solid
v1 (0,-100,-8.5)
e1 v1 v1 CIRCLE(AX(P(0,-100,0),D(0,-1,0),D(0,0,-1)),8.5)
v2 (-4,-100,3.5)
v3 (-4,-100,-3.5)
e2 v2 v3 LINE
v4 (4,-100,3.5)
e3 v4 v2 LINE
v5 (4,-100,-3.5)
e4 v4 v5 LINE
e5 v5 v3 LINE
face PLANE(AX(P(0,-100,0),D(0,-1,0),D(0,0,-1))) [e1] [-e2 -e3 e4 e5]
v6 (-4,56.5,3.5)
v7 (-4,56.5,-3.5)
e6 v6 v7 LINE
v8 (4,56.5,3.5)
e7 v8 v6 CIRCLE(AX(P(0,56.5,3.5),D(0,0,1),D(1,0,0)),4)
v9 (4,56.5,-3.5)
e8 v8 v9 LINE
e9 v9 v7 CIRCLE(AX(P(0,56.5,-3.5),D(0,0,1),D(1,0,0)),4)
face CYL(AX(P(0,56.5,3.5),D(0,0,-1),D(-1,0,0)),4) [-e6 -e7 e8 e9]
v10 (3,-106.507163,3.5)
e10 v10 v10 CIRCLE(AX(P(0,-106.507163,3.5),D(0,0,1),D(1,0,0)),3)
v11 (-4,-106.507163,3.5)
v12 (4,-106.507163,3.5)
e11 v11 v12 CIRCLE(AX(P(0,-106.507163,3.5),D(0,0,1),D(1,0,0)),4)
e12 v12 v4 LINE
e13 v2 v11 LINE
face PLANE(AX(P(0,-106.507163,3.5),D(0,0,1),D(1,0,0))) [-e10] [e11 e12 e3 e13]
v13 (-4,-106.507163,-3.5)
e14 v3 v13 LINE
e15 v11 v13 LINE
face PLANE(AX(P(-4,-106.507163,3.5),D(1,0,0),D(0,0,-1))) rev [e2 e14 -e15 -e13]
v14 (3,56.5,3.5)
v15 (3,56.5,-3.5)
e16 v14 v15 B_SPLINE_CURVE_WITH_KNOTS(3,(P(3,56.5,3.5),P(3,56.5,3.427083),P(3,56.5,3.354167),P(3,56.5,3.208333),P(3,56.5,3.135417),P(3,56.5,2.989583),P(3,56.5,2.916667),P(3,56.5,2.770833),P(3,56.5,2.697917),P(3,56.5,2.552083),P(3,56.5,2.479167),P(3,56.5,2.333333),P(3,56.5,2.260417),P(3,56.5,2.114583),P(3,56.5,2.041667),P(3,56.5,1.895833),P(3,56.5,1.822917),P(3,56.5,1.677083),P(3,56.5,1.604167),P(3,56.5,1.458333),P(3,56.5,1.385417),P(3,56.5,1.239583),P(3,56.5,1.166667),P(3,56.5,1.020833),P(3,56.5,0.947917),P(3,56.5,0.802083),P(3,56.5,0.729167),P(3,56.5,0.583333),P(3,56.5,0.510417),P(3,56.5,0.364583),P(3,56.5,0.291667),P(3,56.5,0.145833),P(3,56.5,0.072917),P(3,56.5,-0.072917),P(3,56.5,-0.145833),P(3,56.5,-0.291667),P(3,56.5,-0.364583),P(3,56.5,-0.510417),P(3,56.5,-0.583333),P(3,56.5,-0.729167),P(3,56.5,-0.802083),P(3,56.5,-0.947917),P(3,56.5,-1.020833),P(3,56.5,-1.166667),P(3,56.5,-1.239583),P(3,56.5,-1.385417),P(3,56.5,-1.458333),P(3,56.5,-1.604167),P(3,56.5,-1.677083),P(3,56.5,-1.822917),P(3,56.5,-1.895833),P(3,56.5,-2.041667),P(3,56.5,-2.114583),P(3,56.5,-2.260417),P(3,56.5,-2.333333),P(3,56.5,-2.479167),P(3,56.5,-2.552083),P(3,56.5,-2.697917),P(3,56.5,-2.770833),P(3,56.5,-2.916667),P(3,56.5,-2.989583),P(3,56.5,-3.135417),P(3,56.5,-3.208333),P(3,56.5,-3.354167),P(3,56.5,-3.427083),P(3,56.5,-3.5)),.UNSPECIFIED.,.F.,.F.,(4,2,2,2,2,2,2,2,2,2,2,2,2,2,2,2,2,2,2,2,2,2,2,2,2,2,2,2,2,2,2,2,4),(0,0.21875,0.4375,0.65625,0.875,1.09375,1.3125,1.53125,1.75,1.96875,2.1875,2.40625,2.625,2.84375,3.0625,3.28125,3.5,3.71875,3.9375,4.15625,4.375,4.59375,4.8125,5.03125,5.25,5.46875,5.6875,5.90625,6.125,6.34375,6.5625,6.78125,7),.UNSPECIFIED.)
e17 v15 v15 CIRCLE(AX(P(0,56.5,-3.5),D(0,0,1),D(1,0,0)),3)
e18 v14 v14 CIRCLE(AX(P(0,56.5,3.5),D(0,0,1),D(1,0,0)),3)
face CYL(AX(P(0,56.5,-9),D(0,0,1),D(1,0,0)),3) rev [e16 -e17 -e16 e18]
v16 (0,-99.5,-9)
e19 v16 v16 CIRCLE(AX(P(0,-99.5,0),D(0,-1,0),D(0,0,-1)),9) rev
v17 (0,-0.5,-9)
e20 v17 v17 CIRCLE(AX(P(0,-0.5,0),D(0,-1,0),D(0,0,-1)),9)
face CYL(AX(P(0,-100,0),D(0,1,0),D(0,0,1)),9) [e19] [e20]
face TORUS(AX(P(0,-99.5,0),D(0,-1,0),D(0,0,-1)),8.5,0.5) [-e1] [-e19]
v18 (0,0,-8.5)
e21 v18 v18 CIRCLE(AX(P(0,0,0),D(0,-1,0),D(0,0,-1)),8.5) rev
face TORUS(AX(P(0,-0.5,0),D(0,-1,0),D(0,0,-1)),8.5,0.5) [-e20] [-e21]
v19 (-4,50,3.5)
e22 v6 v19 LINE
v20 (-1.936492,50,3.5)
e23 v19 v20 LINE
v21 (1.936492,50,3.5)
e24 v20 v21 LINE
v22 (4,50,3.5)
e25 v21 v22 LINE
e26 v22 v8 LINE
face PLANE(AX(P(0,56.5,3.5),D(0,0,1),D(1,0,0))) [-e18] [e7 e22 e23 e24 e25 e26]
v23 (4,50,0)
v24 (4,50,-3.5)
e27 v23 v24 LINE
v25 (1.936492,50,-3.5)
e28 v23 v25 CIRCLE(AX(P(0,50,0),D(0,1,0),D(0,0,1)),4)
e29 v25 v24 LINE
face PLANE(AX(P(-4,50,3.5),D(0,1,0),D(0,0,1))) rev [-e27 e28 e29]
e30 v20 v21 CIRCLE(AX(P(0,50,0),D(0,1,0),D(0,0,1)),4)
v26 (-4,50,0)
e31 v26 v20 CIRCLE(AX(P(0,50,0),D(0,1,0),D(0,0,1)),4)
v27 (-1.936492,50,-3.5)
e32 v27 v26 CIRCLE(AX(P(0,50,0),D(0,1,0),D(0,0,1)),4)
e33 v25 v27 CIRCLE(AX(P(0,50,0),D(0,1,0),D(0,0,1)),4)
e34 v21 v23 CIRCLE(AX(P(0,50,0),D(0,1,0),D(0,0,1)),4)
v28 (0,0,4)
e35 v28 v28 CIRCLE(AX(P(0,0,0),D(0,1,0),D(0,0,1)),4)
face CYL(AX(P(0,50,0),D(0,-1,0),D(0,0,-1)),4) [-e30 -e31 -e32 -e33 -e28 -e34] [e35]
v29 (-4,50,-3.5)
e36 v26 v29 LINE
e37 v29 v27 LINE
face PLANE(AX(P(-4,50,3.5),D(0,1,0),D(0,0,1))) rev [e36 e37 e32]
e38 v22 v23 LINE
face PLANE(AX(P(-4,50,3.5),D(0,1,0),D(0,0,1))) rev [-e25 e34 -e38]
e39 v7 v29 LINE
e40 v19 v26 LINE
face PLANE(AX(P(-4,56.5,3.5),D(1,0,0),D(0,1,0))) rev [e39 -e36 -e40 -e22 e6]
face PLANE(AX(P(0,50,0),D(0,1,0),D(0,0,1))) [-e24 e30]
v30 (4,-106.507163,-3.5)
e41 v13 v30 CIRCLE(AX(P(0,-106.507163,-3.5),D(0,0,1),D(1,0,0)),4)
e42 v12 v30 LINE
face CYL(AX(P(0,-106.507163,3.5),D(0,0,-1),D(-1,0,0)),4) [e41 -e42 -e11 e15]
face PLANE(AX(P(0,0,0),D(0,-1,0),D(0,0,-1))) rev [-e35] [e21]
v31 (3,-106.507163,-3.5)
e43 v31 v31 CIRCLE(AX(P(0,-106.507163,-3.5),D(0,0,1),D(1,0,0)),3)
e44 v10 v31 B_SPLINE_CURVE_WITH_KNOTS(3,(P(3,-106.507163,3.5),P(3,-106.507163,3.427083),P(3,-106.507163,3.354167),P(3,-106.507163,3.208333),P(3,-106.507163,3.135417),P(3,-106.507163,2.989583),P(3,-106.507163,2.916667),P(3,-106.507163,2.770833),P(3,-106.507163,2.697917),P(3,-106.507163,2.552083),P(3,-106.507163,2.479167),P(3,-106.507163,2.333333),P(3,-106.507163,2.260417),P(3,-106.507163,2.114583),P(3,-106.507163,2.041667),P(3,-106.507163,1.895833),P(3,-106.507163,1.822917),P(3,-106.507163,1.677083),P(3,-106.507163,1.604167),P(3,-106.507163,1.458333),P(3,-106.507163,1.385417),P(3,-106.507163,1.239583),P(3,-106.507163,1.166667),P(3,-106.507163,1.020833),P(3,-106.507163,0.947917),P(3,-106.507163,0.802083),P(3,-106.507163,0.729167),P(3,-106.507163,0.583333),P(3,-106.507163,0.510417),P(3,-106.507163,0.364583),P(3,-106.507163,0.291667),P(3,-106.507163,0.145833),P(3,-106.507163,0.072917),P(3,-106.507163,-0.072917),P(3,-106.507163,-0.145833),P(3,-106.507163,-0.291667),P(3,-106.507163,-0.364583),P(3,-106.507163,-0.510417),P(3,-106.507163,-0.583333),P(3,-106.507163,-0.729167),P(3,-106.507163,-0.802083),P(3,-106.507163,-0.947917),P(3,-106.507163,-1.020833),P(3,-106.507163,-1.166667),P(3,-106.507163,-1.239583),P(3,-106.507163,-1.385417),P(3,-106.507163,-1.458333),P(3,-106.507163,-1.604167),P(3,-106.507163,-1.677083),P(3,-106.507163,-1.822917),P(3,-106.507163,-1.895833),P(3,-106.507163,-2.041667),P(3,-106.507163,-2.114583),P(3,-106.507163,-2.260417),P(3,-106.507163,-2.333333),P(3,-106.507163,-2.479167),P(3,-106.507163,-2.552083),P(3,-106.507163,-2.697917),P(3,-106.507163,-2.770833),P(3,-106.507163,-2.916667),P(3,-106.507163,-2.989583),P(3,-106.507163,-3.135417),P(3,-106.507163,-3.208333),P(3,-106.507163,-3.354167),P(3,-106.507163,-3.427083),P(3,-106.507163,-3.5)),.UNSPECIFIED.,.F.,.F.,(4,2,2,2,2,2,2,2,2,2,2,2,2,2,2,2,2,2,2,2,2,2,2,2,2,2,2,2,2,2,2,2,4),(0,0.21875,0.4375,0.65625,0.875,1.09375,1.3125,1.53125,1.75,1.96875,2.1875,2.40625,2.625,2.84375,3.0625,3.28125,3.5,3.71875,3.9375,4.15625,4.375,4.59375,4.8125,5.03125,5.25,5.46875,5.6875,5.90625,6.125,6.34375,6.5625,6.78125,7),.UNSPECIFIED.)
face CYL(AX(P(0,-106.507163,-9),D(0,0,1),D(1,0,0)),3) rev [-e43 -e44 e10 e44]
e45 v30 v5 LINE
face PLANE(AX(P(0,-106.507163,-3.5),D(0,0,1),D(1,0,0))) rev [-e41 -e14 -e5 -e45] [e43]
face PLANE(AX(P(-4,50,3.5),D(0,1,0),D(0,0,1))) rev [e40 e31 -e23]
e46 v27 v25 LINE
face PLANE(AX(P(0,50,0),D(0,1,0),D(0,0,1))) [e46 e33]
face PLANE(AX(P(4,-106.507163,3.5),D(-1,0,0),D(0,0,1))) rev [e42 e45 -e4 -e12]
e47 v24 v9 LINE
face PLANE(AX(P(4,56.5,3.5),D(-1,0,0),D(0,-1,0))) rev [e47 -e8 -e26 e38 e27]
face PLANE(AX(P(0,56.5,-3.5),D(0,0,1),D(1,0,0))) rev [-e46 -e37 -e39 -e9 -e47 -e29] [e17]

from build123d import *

# Parameters (mm, degrees)
SKETCH1_R           = 4
BOSS_EXTRUDE1_DEPTH = 50
SKETCH2_R           = 9
BOSS_EXTRUDE2_DEPTH = 100
FILLET1_R           = 0.5
BOSS_EXTRUDE4_DEPTH = 3.5
BOSS_EXTRUDE6_DEPTH = 3.5
SKETCH7_R           = 3
CUT_EXTRUDE1_DEPTH  = 112.575459307
SKETCH9_R           = 3
CUT_EXTRUDE2_DEPTH  = 112.575459307


with BuildPart() as part:
    # Sketch1 → Boss-Extrude1 (new body)
    with BuildSketch(Plane(origin=(0, 0, 0), x_dir=(1, 0, 0), z_dir=(0, 1, 0))):
        with Locations(Location((0, 0, 0), (0, 0, 270))):
            Circle(SKETCH1_R)
    extrude(amount=BOSS_EXTRUDE1_DEPTH)

    # Sketch2 → Boss-Extrude2 (add)
    with BuildSketch(Plane(origin=(0, 0, 0), x_dir=(-1, 0, 0), z_dir=(0, -1, 0))):
        with Locations(Location((0, 0, 0), (0, 0, 90))):
            Circle(SKETCH2_R)
    extrude(amount=BOSS_EXTRUDE2_DEPTH)

    # Fillet1
    fillet1_edges = [part.edges().sort_by_distance(p)[0] for p in [
        (0, 0, 9),
        (0, -100, 9),
    ]]
    fillet(fillet1_edges, radius=FILLET1_R)

    # Sketch4 → Boss-Extrude4 (add, symmetric)
    with BuildSketch(Plane.XY):
        with BuildLine():
            Line((-4, -106.507163193), (-4, -100))
            Line((-4, -100), (4, -100))
            Line((4, -100), (4, -106.507163193))
            ThreePointArc((4, -106.507163193), (0, -110.507163193), (-4, -106.507163193))
        make_face()
    extrude(amount=BOSS_EXTRUDE4_DEPTH, both=True)

    # Sketch5 → Boss-Extrude6 (add, symmetric)
    with BuildSketch(Plane.XY):
        with BuildLine():
            Line((-4, 56.5), (-4, 50))
            Line((-4, 50), (4, 50))
            Line((4, 50), (4, 56.5))
            ThreePointArc((4, 56.5), (0, 60.499999816), (-4, 56.5))
        make_face()
    extrude(amount=BOSS_EXTRUDE6_DEPTH, both=True)

    # Sketch7 → Cut-Extrude1 (cut, through all)
    with BuildSketch(Plane.XY.offset(3.5)):
        with Locations((0, 56.499999816)):
            Circle(SKETCH7_R)
    extrude(amount=-CUT_EXTRUDE1_DEPTH, mode=Mode.SUBTRACT)

    # Sketch9 → Cut-Extrude2 (cut, through all)
    with BuildSketch(Plane.XY.offset(3.5)):
        with Locations((0, -106.507163193)):
            Circle(SKETCH9_R)
    extrude(amount=-CUT_EXTRUDE2_DEPTH, mode=Mode.SUBTRACT)


solid = part.part
